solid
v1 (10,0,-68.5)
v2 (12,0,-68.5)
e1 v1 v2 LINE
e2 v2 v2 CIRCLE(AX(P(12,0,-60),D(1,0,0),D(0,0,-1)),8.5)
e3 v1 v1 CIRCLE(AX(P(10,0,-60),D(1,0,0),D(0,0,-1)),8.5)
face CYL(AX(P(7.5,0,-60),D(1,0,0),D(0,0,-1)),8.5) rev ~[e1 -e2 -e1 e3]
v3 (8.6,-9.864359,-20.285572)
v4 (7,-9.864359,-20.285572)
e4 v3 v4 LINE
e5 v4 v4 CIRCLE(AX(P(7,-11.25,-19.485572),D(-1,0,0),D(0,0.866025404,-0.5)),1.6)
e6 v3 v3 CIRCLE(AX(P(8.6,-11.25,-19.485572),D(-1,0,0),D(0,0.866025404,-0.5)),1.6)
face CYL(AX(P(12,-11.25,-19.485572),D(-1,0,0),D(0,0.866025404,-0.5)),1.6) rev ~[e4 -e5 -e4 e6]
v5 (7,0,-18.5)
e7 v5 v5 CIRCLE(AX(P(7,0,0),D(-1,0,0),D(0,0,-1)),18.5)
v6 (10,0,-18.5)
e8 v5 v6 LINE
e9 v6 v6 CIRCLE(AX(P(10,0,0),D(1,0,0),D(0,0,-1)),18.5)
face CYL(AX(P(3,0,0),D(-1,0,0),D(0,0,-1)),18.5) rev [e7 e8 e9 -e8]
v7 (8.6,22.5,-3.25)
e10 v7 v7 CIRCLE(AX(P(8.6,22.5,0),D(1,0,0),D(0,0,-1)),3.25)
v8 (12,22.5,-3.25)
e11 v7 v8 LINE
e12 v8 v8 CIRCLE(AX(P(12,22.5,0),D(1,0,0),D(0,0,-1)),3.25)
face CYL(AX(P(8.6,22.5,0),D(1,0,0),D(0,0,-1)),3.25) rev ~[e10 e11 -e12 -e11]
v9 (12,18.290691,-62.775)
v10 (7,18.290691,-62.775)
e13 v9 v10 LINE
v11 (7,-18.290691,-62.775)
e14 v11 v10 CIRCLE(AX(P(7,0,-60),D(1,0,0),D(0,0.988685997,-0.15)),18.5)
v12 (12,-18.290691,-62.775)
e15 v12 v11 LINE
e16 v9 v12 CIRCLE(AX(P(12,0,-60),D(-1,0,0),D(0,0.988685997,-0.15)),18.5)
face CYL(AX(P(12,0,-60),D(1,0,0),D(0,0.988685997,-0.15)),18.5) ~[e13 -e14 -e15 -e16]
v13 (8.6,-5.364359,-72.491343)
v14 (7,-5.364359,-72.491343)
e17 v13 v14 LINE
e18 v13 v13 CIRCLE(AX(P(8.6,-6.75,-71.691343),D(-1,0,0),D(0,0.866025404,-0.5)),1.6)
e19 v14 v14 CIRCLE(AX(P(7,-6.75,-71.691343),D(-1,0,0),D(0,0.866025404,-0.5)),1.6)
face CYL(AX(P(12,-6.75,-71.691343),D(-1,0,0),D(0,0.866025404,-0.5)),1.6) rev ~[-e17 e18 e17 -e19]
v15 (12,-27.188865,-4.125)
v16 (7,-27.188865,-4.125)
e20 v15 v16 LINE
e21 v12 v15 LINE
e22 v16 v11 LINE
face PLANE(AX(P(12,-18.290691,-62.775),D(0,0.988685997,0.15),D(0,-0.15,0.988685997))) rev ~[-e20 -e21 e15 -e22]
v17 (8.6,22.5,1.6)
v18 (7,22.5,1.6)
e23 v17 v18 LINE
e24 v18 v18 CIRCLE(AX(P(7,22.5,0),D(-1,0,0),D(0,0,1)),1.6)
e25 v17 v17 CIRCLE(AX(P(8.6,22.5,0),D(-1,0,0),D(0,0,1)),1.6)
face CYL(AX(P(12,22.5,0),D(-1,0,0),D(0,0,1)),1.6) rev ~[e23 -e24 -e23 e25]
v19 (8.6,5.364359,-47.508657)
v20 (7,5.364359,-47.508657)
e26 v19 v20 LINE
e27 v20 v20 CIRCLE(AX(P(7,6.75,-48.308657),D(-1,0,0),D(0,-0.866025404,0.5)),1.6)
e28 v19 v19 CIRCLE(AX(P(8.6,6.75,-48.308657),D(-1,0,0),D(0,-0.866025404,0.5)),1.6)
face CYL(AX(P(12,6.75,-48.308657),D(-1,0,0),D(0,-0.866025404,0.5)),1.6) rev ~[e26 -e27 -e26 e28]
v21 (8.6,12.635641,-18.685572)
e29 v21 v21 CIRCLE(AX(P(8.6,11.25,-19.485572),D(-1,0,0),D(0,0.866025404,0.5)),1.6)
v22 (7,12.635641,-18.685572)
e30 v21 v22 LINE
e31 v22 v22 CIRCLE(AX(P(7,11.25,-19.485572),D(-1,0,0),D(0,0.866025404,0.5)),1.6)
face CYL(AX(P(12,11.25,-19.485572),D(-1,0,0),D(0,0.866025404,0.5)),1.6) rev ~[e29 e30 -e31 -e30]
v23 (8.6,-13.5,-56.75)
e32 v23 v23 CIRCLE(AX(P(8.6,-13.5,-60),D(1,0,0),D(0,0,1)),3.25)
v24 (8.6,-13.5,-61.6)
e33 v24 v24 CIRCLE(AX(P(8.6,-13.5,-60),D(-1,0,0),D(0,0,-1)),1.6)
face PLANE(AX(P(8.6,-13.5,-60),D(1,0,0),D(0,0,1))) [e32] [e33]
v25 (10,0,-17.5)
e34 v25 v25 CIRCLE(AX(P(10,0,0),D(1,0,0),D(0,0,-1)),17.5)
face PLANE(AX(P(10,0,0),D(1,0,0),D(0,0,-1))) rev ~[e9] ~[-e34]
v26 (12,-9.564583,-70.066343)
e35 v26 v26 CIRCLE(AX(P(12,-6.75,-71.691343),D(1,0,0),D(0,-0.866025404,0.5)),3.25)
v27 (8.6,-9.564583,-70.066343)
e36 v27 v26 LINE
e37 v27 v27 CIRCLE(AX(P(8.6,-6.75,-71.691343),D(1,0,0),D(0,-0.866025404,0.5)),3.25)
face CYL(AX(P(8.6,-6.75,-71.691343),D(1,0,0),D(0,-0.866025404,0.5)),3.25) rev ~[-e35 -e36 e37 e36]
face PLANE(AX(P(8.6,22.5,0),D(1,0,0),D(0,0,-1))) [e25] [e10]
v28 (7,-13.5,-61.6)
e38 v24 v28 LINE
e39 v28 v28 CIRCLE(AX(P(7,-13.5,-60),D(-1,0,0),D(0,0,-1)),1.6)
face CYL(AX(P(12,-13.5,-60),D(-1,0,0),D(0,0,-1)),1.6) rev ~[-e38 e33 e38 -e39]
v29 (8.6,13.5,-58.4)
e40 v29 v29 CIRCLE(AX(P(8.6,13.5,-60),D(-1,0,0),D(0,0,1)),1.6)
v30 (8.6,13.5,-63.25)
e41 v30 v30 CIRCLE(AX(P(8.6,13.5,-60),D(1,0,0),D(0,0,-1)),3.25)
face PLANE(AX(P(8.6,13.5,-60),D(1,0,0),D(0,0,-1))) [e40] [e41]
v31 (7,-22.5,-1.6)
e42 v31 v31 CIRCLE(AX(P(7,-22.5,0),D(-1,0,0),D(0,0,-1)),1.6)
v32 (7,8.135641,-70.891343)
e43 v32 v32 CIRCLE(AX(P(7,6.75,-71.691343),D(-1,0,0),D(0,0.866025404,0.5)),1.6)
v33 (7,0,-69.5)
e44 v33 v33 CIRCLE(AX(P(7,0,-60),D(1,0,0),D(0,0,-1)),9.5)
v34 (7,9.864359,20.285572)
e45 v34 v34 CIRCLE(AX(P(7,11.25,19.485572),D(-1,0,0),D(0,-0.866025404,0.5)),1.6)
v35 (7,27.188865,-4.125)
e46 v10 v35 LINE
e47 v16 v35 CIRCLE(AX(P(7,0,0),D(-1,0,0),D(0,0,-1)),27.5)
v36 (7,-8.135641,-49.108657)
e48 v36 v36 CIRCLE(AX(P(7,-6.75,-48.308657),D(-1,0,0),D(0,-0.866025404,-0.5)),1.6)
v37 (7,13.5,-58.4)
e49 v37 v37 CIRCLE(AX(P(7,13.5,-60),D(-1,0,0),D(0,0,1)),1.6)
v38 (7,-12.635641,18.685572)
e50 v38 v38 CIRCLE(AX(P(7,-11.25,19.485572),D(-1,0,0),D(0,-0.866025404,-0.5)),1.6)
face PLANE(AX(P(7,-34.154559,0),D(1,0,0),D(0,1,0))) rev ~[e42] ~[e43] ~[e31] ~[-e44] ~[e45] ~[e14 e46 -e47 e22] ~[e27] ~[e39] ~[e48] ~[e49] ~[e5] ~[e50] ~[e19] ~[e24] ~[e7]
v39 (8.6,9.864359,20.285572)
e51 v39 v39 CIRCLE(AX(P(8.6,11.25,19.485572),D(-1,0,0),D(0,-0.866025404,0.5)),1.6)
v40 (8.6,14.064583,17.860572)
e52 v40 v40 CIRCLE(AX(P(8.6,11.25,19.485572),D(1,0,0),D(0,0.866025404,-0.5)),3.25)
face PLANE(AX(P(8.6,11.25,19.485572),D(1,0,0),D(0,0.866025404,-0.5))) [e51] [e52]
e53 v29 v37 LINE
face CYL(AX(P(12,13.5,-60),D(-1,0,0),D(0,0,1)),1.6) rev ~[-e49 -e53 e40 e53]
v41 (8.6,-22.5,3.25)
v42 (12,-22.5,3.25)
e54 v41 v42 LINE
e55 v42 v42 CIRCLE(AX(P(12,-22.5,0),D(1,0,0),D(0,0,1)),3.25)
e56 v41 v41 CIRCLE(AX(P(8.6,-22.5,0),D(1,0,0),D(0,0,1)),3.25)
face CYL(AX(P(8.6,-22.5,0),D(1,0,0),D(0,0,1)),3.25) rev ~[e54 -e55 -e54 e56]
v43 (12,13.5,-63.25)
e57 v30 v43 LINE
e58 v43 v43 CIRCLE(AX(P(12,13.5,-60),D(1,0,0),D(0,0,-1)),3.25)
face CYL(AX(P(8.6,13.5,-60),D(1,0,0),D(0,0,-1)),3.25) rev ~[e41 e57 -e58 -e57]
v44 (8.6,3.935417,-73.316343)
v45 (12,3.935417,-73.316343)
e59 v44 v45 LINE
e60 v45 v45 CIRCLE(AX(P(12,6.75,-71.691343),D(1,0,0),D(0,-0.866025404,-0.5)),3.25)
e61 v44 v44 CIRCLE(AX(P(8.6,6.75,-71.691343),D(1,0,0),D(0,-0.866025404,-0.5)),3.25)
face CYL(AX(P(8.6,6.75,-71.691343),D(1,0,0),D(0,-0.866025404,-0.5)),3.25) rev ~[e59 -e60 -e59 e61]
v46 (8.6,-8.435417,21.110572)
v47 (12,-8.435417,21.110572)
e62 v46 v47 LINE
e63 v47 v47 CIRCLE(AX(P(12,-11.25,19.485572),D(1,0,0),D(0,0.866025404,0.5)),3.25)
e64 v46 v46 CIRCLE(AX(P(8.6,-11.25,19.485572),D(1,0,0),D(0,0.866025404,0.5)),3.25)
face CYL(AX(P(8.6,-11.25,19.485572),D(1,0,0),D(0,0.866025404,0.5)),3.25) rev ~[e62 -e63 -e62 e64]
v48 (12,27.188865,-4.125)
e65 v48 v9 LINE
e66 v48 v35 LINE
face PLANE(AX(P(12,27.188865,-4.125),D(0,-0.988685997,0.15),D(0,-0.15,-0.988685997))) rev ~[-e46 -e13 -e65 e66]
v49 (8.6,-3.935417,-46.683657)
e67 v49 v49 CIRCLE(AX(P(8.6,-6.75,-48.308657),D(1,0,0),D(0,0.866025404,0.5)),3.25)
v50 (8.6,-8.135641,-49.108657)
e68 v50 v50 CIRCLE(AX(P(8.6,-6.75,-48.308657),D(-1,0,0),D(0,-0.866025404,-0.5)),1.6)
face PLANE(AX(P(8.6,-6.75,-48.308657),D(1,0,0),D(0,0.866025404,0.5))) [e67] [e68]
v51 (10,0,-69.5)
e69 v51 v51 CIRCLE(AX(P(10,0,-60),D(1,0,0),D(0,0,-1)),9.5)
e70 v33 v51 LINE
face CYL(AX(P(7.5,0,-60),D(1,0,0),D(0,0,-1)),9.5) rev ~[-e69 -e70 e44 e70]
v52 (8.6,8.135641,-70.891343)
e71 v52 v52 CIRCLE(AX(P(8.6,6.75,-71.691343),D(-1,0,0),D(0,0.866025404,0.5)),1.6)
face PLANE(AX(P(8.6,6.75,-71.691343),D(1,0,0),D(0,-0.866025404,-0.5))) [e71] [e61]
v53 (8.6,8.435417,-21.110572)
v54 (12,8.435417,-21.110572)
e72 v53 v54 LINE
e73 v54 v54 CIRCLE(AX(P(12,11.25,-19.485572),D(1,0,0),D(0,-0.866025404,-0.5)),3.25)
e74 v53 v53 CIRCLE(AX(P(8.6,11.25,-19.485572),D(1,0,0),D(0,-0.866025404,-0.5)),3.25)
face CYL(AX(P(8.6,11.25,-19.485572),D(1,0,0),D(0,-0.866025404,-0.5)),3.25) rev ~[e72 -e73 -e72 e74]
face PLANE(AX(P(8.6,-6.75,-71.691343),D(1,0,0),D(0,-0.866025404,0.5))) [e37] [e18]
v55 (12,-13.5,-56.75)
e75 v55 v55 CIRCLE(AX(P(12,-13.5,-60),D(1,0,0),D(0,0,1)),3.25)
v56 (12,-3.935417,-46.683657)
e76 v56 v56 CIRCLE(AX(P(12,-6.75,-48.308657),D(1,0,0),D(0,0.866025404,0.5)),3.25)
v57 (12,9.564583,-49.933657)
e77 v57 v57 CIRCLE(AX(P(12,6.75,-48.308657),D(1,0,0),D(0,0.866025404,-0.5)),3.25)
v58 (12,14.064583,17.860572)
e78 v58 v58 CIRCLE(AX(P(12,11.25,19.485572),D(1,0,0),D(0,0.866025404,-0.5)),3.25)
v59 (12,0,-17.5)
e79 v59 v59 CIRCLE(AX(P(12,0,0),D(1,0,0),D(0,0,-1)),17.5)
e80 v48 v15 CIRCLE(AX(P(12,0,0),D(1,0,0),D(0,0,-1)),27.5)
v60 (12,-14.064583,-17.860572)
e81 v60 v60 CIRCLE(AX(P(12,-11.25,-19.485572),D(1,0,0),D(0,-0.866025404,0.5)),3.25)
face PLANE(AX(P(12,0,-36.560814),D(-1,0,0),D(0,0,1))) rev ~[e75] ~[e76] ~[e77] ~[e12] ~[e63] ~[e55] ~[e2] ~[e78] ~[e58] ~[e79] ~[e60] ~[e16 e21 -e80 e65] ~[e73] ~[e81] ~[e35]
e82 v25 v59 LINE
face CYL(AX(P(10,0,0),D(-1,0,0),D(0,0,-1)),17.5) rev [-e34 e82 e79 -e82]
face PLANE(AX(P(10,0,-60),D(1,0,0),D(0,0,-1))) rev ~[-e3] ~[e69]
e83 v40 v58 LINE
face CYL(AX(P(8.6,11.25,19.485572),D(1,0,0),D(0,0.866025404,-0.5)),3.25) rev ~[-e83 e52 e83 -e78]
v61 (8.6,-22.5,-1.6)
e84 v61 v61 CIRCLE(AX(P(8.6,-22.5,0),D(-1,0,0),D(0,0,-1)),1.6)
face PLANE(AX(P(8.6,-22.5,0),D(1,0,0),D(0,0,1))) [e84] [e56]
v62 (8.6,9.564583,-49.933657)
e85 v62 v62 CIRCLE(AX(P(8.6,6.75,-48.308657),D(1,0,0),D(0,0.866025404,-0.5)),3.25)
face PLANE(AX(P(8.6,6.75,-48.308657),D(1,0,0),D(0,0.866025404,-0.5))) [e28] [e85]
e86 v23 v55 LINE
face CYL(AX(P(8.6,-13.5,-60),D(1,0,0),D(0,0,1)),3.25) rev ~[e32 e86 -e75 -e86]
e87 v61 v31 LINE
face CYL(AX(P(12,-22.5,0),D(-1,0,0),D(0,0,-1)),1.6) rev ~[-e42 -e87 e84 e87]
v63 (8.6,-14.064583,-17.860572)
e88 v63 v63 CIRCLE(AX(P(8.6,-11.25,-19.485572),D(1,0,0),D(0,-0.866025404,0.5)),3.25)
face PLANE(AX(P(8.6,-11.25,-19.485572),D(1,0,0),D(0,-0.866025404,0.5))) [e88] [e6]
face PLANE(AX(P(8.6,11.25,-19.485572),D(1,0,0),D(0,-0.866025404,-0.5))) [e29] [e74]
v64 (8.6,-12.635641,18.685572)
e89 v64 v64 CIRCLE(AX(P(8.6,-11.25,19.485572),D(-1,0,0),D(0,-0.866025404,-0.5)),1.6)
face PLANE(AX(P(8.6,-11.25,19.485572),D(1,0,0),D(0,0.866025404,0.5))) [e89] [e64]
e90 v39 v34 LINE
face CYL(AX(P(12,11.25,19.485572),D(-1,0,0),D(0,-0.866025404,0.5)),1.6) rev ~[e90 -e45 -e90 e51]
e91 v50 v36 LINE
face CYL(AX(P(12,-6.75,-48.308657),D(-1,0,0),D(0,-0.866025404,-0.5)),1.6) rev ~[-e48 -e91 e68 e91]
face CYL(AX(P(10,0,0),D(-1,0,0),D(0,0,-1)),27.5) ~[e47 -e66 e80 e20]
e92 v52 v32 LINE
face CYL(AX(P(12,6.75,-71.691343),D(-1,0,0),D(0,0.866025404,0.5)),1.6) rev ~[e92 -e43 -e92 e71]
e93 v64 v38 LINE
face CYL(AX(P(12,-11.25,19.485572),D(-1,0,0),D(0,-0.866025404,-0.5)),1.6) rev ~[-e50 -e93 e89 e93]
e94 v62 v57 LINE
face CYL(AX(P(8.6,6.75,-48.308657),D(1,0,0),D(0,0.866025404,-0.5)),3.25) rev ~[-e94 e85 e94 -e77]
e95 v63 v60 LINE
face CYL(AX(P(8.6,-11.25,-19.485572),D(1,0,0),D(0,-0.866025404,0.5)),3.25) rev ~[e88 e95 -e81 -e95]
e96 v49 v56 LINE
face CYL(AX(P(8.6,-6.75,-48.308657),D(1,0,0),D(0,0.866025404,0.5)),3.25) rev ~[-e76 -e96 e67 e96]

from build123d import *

# Parameters (mm, degrees)
SKETCH_3_R                   = 27.5
EXTRUDE_1_DEPTH              = 2
SKETCH_4_R                   = 27.5
SKETCH_4_R_2                 = 17.5
EXTRUDE_2_DEPTH              = 1
SKETCH_5_R                   = 27.5
SKETCH_5_R_2                 = 18.5
EXTRUDE_3_DEPTH              = 7
SKETCH_6_R                   = 27.5
SKETCH_6_R_2                 = 17.5
EXTRUDE_4_DEPTH              = 2
EXTRUDE_5_DEPTH              = 9
SKETCH_11_R                  = 8.5
CUT_EXTRUDE_3_DEPTH          = 111
SKETCH_12_R                  = 9.5
CUT_EXTRUDE_4_DEPTH          = 2.5
SKETCH_13_R                  = 9.5
EXTRUDE_6_DEPTH              = 5
HOLE_WIZARD_M3_4_D           = 3.4
HOLE_WIZARD_M3_4_CBORE_D     = 6.5
HOLE_WIZARD_M3_4_CBORE_DEPTH = 3.4
PATTERN_CIRCULAR_1_COUNT     = 3
SKETCH_17_W                  = 25.034739103
SKETCH_17_H                  = 64.604217311
CUT_EXTRUDE_5_DEPTH          = 1111
HOLE_WIZARD_M3_2_D           = 3.2
HOLE_WIZARD_M3_2_CBORE_D     = 6.5
HOLE_WIZARD_M3_2_CBORE_DEPTH = 3.4
PATTERN_CIRCULAR_2_COUNT     = 6
HOLE_WIZARD_M3_3_D           = 3.2
HOLE_WIZARD_M3_3_CBORE_D     = 6.5
HOLE_WIZARD_M3_3_CBORE_DEPTH = 3.4
PATTERN_CIRCULAR_3_COUNT     = 6


with BuildPart() as part:
    # 스케치3 → 보스-돌출1 (new body)
    with BuildSketch(Plane(origin=(0, 0, 0), x_dir=(0, 0, -1), z_dir=(1, 0, 0))):
        Circle(SKETCH_3_R)
    extrude(amount=EXTRUDE_1_DEPTH)

    # 스케치4 → 보스-돌출2 (add)
    with BuildSketch(Plane(origin=(2, 0, 0), x_dir=(0, 0, -1), z_dir=(1, 0, 0))):
        Circle(SKETCH_4_R)
        Circle(SKETCH_4_R_2, mode=Mode.SUBTRACT)
    extrude(amount=EXTRUDE_2_DEPTH)

    # 스케치5 → 보스-돌출3 (add)
    with BuildSketch(Plane(origin=(3, 0, 0), x_dir=(0, 0, -1), z_dir=(1, 0, 0))):
        Circle(SKETCH_5_R)
        Circle(SKETCH_5_R_2, mode=Mode.SUBTRACT)
    extrude(amount=EXTRUDE_3_DEPTH)

    # 스케치6 → 보스-돌출4 (add)
    with BuildSketch(Plane(origin=(10, 0, 0), x_dir=(0, 0, -1), z_dir=(1, 0, 0))):
        Circle(SKETCH_6_R)
        Circle(SKETCH_6_R_2, mode=Mode.SUBTRACT)
    extrude(amount=EXTRUDE_4_DEPTH)

    # 스케치10 → 보스-돌출5 (add)
    with BuildSketch(Plane(origin=(12, 0, 0), x_dir=(0, 0, -1), z_dir=(1, 0, 0))):
        with BuildLine():
            Line((4.125, 27.188864908), (62.775, 18.290690938))
            ThreePointArc((62.775, 18.290690938), (78.5, 0), (62.775, -18.290690938))
            Line((62.775, -18.290690938), (4.125, -27.188864908))
            ThreePointArc((4.125, -27.188864908), (27.5, 0), (4.125, 27.188864908))
        make_face()
    extrude(amount=-EXTRUDE_5_DEPTH)

    # 스케치11 → 컷-돌출3 (cut, symmetric)
    with BuildSketch(Plane(origin=(7.5, 0, 0), x_dir=(0, 0, -1), z_dir=(1, 0, 0))):
        with Locations((60, 0)):
            Circle(SKETCH_11_R)
    extrude(amount=CUT_EXTRUDE_3_DEPTH, both=True, mode=Mode.SUBTRACT)

    # 스케치12 → 컷-돌출4 (cut, symmetric)
    with BuildSketch(Plane(origin=(7.5, 0, 0), x_dir=(0, 0, -1), z_dir=(1, 0, 0))):
        with Locations((60, 0)):
            Circle(SKETCH_12_R)
    extrude(amount=CUT_EXTRUDE_4_DEPTH, both=True, mode=Mode.SUBTRACT)

    # 스케치13 → 보스-돌출6 (add)
    with BuildSketch(Plane.ZY):
        Circle(SKETCH_13_R)
    extrude(amount=EXTRUDE_6_DEPTH)

    # M3 육각 소켓 머리 캡 나사용 카운터보어4 (through all)
    with Locations(Plane(origin=(2, 0, 0), x_dir=(0, 0, -1), z_dir=(1, 0, 0))):
        with Locations((0, 5)):
            hole_wizard_m3_4 = CounterBoreHole(HOLE_WIZARD_M3_4_D / 2, HOLE_WIZARD_M3_4_CBORE_D / 2, HOLE_WIZARD_M3_4_CBORE_DEPTH)

    # 원형 패턴1: M3 육각 소켓 머리 캡 나사용 카운터보어4 ×3 about axis
    pattern_circular_1_axis = Axis((0, 0, 0), (1, 0, 0))
    for i in range(1, PATTERN_CIRCULAR_1_COUNT):
        add(hole_wizard_m3_4.rotate(pattern_circular_1_axis, i * 360 / PATTERN_CIRCULAR_1_COUNT), mode=Mode.SUBTRACT)

    # 스케치17 → 컷-돌출5 (cut, symmetric)
    with BuildSketch(Plane.XY):
        with Locations((-5.517369551, -1.852450676)):
            Rectangle(SKETCH_17_W, SKETCH_17_H)
    extrude(amount=CUT_EXTRUDE_5_DEPTH, both=True, mode=Mode.SUBTRACT)

    # M3 육각 소켓 머리 캡 나사용 카운터보어2 (through all)
    with Locations(Plane(origin=(12, 0, 0), x_dir=(0, 0, -1), z_dir=(1, 0, 0))):
        with Locations((0, 22.5)):
            hole_wizard_m3_2 = CounterBoreHole(HOLE_WIZARD_M3_2_D / 2, HOLE_WIZARD_M3_2_CBORE_D / 2, HOLE_WIZARD_M3_2_CBORE_DEPTH)

    # 원형 패턴2: M3 육각 소켓 머리 캡 나사용 카운터보어2 ×6 about axis
    pattern_circular_2_axis = Axis((0, 0, 0), (1, 0, 0))
    for i in range(1, PATTERN_CIRCULAR_2_COUNT):
        add(hole_wizard_m3_2.rotate(pattern_circular_2_axis, i * 360 / PATTERN_CIRCULAR_2_COUNT), mode=Mode.SUBTRACT)

    # M3 육각 소켓 머리 캡 나사용 카운터보어3 (through all)
    with Locations(Plane(origin=(12, 0, 0), x_dir=(0, 0, -1), z_dir=(1, 0, 0))):
        with Locations((60, 13.5)):
            hole_wizard_m3_3 = CounterBoreHole(HOLE_WIZARD_M3_3_D / 2, HOLE_WIZARD_M3_3_CBORE_D / 2, HOLE_WIZARD_M3_3_CBORE_DEPTH)

    # 원형 패턴3: M3 육각 소켓 머리 캡 나사용 카운터보어3 ×6 about axis
    pattern_circular_3_axis = Axis((0, 0, -60), (1, 0, 0))
    for i in range(1, PATTERN_CIRCULAR_3_COUNT):
        add(hole_wizard_m3_3.rotate(pattern_circular_3_axis, i * 360 / PATTERN_CIRCULAR_3_COUNT), mode=Mode.SUBTRACT)


solid = part.part
